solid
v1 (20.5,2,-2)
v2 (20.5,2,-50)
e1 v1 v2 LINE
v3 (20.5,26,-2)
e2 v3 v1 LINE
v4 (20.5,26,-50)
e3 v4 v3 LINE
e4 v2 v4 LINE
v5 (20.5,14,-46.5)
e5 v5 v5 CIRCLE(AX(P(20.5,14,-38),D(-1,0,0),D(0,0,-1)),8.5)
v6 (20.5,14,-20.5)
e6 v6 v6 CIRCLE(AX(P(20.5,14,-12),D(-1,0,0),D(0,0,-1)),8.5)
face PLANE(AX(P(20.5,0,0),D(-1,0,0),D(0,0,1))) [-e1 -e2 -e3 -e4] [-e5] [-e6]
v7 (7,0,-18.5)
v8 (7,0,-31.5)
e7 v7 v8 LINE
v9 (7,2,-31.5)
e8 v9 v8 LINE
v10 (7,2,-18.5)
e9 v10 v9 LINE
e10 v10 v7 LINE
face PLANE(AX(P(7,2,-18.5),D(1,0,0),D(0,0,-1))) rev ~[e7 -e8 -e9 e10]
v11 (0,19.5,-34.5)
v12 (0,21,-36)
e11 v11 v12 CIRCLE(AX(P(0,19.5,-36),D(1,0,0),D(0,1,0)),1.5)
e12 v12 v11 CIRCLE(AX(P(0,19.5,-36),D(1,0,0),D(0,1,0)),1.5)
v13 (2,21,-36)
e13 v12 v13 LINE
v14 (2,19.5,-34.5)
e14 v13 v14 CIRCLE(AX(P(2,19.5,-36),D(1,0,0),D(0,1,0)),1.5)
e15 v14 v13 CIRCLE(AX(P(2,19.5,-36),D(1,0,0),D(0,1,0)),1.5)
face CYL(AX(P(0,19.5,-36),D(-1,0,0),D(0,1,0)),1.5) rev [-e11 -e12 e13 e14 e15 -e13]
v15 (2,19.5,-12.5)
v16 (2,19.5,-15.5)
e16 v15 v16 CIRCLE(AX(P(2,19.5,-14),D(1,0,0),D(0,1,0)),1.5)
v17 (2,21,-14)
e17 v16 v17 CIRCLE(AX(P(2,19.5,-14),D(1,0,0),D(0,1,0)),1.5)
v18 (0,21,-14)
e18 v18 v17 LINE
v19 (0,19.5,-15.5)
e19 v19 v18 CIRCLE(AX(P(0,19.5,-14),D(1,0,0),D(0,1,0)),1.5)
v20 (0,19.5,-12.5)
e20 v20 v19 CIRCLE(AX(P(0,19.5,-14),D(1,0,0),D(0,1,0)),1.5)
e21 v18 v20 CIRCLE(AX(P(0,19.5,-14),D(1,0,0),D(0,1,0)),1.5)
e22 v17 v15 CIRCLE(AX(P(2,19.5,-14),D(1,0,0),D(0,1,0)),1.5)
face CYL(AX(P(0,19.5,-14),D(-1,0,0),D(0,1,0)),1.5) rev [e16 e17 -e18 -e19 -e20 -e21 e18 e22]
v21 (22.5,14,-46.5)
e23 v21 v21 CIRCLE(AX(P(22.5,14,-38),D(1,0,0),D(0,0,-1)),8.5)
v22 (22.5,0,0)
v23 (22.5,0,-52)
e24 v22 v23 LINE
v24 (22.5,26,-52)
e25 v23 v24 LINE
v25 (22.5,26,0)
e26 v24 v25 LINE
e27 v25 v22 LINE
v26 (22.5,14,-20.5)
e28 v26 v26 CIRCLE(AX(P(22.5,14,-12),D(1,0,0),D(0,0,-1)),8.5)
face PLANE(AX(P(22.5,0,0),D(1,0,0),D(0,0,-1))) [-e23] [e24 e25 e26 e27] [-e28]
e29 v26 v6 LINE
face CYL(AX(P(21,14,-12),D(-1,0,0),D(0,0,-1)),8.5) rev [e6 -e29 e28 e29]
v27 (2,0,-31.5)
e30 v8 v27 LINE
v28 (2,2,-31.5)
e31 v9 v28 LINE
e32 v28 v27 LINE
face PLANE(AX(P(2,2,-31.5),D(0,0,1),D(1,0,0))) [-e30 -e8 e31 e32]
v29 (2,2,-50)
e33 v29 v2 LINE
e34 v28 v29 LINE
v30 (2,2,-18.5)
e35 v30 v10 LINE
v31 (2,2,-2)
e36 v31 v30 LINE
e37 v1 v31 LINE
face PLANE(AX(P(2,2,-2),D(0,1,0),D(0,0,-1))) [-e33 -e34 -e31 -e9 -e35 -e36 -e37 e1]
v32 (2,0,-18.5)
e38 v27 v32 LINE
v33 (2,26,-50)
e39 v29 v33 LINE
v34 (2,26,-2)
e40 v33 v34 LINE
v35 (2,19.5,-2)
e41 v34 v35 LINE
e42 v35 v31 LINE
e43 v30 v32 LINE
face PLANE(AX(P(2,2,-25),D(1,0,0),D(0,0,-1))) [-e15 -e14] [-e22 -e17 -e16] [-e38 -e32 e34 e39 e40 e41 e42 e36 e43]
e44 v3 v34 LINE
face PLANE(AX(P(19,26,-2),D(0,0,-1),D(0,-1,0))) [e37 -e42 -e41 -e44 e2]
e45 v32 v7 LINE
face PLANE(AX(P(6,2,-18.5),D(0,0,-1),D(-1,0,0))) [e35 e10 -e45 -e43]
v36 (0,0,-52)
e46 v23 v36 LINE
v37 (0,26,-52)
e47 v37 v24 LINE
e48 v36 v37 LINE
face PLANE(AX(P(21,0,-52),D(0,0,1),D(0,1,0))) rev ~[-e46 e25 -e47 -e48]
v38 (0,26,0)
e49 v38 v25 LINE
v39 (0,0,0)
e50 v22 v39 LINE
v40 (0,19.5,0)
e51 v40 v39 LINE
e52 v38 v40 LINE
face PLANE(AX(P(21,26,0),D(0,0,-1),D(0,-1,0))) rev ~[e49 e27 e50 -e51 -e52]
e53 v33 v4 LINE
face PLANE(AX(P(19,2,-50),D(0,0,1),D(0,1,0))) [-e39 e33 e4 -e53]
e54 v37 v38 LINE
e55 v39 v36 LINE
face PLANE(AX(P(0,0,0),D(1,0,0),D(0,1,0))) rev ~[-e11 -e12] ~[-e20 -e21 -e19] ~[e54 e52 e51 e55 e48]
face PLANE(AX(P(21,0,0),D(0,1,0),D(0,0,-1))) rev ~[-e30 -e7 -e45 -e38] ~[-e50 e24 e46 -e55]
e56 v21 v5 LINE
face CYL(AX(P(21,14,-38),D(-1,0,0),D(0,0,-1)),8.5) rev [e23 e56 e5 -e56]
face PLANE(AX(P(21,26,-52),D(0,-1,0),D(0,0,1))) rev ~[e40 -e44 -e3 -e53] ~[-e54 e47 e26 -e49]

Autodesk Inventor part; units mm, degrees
ref_plane "YZ Plane" through (0, 0, 0) normal (1, 0, 0) x (0, 1, 0)
ref_plane "XZ Plane" through (0, 0, 0) normal (0, 1, 0) x (-1, 0, 0)
ref_plane "XY Plane" through (0, 0, 0) normal (0, 0, 1) x (1, 0, 0)
sketch "Sketch1" plane through (0, 0, 0) normal (1, 0, 0) x (0, 1, 0)
  line L0 (0, 0) -> (0, -52)
  line L1 (0, -52) -> (26, -52)
  line L2 (26, -52) -> (26, 0)
  line L3 (26, 0) -> (0, 0)
  line L4 (26, 0) -> (19.5, 0)
  line L5 (19.5, 0) -> (19.5, -14)
  line L6 (19.5, -14) -> (19.5, -36)
  circle A0 centre (19.5, -14) radius 1.5
  circle A1 centre (19.5, -36) radius 1.5
  dimension "d0" = 52
  dimension "d1" = 26
  dimension "d2" = 6.5
  dimension "d3" = 14
  dimension "d4" = 22
  dimension "d5" = 3
  dimension "d6" = 3
extrude "Extrusion1" add sketch "Sketch1" along normal blind 2
sketch "Sketch2" plane through (2, 0, 0) normal (1, 0, 0) x (0, 0, -1)
  line L0 (0, 0) -> (52, 0) projected
  line L1 (52, 0) -> (52, 26) projected
  line L2 (52, 26) -> (0, 26) projected
  line L3 (0, 26) -> (0, 0) projected
  circle A0 centre (36, 19.5) radius 1.5 projected
  circle A1 centre (14, 19.5) radius 1.5 projected
  line L4 (52, 26) -> (0, 26) projected
  line L5 (0, 26) -> (2, 26)
  line L6 (2, 26) -> (2, 2)
  line L7 (2, 2) -> (50, 2)
  line L8 (50, 2) -> (50, 24)
  line L9 (50, 24) -> (2, 24)
  line L10 (50, 24) -> (50, 26)
  dimension "d9" = 2
  dimension "d10" = 24
  dimension "d11" = 48
  dimension "d12" = 22
extrude "Extrusion2" add sketch "Sketch2" along normal blind 17 contours L3 L2 L6 L7 L8 L10 L1 L0
sketch "Sketch3" plane through (19, 0, 0) normal (1, 0, 0) x (0, 0, -1)
  line L0 (52, 26) -> (50, 26) projected
  line L1 (50, 26) -> (50, 2) projected
  line L2 (50, 2) -> (2, 2) projected
  line L3 (2, 2) -> (2, 26) projected
  line L4 (2, 26) -> (0, 26) projected
  line L5 (0, 26) -> (0, 0) projected
  line L6 (0, 0) -> (52, 0) projected
  line L7 (52, 0) -> (52, 26) projected
  line L8 (2, 26) -> (0, 26) projected
  line L9 (52, 26) -> (0, 26) projected
  line L10 (0, 26) -> (52, 26)
extrude "Extrusion3" add sketch "Sketch3" along normal blind 2
sketch "Sketch4" plane through (21, 0, 0) normal (1, 0, 0) x (0, 0, -1)
  circle A0 centre (14, 19.5) radius 1.5 projected
  line L0 (52, 26) -> (0, 26) projected
  line L1 (0, 26) -> (0, 0) projected
  line L2 (0, 0) -> (52, 0) projected
  line L3 (52, 0) -> (52, 26) projected
  circle A1 centre (36, 19.5) radius 1.5 projected
  line L4 (52, 26) -> (0, 26) projected
  line L5 (0, 26) -> (0, 0) projected
  line L6 (0, 0) -> (52, 0) projected
  line L7 (52, 0) -> (52, 26) projected
  line L8 (0, 26) -> (0, 0) projected
  line L9 (0, 26) -> (25, 26)
  line L10 (50, 26) -> (2, 26) projected
  line L11 (25, 26) -> (38, 26)
  line L12 (38, 26) -> (38, 0)
  line L13 (0, 0) -> (52, 0) projected
  line L14 (25, 26) -> (12, 26)
  line L15 (12, 26) -> (12, 0)
  line L16 (52, 26) -> (0, 26) projected
  line L17 (0, 26) -> (0, 4)
  line L18 (0, 4) -> (50, 4)
  line L19 (52, 0) -> (52, 26) projected
  line L20 (50, 4) -> (50, 26)
  line L21 (0, 26) -> (0, 24)
  line L22 (0, 24) -> (0, 14)
  line L23 (0, 14) -> (38, 14)
  circle A2 centre (12, 14) radius 8.5
  circle A3 centre (38, 14) radius 8.5
  dimension "d17" = 25
  dimension "d18" = 13
  dimension "d19" = 13
  dimension "d20" = 22
  dimension "d21" = 2
  dimension "d22" = 10
  dimension "d23" = 17
  dimension "d24" = 17
extrude "Extrusion4" cut sketch "Sketch4" against normal blind 2 contours A0 | A3 L12 | L12 L23 A3 | L12 A3 L23 | A2 L23 L15 | L15 L23 A2 | A2 L15 L23 | A2 L23 L15 | A1
sketch "Sketch5" plane through (2, 2, -2) normal (0, 1, 0) x (1, 0, 0)
  line L0 (0, 0) -> (0, 48) projected
  line L1 (0, 0) -> (17, 0) projected
  line L2 (17, 48) -> (17, 0) projected
  line L3 (0, 48) -> (17, 48) projected
  line L4 (0, 13.5) -> (0, 10.5) projected
  line L5 (0, 35.5) -> (0, 32.5) projected
  line L6 (0, 48) -> (0, 0) projected
  line L7 (0, 0) -> (0, 12)
  line L8 (0, 12) -> (0, 34)
  line L9 (0, 12) -> (0, 23)
  line L10 (0, 23) -> (0, 29.5)
  line L11 (0, 29.5) -> (4, 29.5)
  line L12 (4, 29.5) -> (4, 16.5)
  line L13 (4, 16.5) -> (0, 16.5)
  line L14 (0, 16.5) -> (0, 23)
  point P0 (-2, -2)
  point P1 (0, 16.5)
  dimension "d27" = 12
  dimension "d28" = 22
  dimension "d29" = 11
  dimension "d30" = 6.5
  dimension "d31" = 4
  dimension "d32" = 13
extrude "Extrusion5" cut sketch "Sketch5" against normal blind 2 contours L0 L11 L12 L13
sketch "Sketch6" plane through (21, 0, 0) normal (1, 0, 0) x (0, 0, -1)
  circle A0 centre (38, 14) radius 8.5 projected
  circle A1 centre (12, 14) radius 8.5 projected
  line L0 (52, 26) -> (0, 26) projected
  line L1 (0, 26) -> (0, 0) projected
  line L2 (0, 0) -> (52, 0) projected
  line L3 (52, 0) -> (52, 26) projected
extrude "Extrusion6" add sketch "Sketch6" along normal blind 1.5
sketch "Sketch7" plane through (19, 0, 0) normal (-1, 0, 0) x (0, 0, 1)
  line L0 (0, 26) -> (0, 0) projected
  line L1 (0, 0) -> (-52, 0) projected
  line L2 (-52, 0) -> (-52, 26) projected
  line L3 (-52, 26) -> (0, 26) projected
  circle A0 centre (-38, 14) radius 8.5 projected
  circle A1 centre (-12, 14) radius 8.5 projected
  line L4 (0, 26) -> (0, 0) projected
  line L5 (0, 26) -> (-2, 26)
  line L6 (-52, 26) -> (0, 26) projected
  line L7 (-2, 26) -> (-2, 2)
  line L8 (-2, 2) -> (-50, 2)
  line L9 (-50, 2) -> (-50, 26)
  dimension "d37" = 2
  dimension "d38" = 24
  dimension "d39" = 48
extrude "Extrusion7" cut sketch "Sketch7" against normal blind 1.5 contours L7 L8 L9 L3
sketch "Sketch8" plane through (2, 2, -31.5) normal (0, 1, 0) x (1, 0, 0)
  line L0 (0, 0) -> (4, 0) projected
  line L1 (4, 0) -> (4, -13) projected
  line L2 (4, -13) -> (0, -13) projected
  line L3 (0, -29.5) -> (0, -13) projected
  line L4 (0, -29.5) -> (18.5, -29.5) projected
  line L5 (18.5, -29.5) -> (18.5, 18.5) projected
  line L6 (0, 18.5) -> (18.5, 18.5) projected
  line L7 (0, 0) -> (0, 18.5) projected
  line L8 (4, -13) -> (0, -13) projected
  line L9 (4, -13) -> (5, -13)
  line L10 (5, -13) -> (5, 0)
  line L11 (4, 0) -> (4, -13) projected
  line L12 (5, 0) -> (4, 0)
  point P0 (-2, -31.5)
  dimension "d42" = 1
extrude "Extrusion8" cut sketch "Sketch8" against normal through all contours L12 L10 L9 L1
properties part number "soporte_sensor"
